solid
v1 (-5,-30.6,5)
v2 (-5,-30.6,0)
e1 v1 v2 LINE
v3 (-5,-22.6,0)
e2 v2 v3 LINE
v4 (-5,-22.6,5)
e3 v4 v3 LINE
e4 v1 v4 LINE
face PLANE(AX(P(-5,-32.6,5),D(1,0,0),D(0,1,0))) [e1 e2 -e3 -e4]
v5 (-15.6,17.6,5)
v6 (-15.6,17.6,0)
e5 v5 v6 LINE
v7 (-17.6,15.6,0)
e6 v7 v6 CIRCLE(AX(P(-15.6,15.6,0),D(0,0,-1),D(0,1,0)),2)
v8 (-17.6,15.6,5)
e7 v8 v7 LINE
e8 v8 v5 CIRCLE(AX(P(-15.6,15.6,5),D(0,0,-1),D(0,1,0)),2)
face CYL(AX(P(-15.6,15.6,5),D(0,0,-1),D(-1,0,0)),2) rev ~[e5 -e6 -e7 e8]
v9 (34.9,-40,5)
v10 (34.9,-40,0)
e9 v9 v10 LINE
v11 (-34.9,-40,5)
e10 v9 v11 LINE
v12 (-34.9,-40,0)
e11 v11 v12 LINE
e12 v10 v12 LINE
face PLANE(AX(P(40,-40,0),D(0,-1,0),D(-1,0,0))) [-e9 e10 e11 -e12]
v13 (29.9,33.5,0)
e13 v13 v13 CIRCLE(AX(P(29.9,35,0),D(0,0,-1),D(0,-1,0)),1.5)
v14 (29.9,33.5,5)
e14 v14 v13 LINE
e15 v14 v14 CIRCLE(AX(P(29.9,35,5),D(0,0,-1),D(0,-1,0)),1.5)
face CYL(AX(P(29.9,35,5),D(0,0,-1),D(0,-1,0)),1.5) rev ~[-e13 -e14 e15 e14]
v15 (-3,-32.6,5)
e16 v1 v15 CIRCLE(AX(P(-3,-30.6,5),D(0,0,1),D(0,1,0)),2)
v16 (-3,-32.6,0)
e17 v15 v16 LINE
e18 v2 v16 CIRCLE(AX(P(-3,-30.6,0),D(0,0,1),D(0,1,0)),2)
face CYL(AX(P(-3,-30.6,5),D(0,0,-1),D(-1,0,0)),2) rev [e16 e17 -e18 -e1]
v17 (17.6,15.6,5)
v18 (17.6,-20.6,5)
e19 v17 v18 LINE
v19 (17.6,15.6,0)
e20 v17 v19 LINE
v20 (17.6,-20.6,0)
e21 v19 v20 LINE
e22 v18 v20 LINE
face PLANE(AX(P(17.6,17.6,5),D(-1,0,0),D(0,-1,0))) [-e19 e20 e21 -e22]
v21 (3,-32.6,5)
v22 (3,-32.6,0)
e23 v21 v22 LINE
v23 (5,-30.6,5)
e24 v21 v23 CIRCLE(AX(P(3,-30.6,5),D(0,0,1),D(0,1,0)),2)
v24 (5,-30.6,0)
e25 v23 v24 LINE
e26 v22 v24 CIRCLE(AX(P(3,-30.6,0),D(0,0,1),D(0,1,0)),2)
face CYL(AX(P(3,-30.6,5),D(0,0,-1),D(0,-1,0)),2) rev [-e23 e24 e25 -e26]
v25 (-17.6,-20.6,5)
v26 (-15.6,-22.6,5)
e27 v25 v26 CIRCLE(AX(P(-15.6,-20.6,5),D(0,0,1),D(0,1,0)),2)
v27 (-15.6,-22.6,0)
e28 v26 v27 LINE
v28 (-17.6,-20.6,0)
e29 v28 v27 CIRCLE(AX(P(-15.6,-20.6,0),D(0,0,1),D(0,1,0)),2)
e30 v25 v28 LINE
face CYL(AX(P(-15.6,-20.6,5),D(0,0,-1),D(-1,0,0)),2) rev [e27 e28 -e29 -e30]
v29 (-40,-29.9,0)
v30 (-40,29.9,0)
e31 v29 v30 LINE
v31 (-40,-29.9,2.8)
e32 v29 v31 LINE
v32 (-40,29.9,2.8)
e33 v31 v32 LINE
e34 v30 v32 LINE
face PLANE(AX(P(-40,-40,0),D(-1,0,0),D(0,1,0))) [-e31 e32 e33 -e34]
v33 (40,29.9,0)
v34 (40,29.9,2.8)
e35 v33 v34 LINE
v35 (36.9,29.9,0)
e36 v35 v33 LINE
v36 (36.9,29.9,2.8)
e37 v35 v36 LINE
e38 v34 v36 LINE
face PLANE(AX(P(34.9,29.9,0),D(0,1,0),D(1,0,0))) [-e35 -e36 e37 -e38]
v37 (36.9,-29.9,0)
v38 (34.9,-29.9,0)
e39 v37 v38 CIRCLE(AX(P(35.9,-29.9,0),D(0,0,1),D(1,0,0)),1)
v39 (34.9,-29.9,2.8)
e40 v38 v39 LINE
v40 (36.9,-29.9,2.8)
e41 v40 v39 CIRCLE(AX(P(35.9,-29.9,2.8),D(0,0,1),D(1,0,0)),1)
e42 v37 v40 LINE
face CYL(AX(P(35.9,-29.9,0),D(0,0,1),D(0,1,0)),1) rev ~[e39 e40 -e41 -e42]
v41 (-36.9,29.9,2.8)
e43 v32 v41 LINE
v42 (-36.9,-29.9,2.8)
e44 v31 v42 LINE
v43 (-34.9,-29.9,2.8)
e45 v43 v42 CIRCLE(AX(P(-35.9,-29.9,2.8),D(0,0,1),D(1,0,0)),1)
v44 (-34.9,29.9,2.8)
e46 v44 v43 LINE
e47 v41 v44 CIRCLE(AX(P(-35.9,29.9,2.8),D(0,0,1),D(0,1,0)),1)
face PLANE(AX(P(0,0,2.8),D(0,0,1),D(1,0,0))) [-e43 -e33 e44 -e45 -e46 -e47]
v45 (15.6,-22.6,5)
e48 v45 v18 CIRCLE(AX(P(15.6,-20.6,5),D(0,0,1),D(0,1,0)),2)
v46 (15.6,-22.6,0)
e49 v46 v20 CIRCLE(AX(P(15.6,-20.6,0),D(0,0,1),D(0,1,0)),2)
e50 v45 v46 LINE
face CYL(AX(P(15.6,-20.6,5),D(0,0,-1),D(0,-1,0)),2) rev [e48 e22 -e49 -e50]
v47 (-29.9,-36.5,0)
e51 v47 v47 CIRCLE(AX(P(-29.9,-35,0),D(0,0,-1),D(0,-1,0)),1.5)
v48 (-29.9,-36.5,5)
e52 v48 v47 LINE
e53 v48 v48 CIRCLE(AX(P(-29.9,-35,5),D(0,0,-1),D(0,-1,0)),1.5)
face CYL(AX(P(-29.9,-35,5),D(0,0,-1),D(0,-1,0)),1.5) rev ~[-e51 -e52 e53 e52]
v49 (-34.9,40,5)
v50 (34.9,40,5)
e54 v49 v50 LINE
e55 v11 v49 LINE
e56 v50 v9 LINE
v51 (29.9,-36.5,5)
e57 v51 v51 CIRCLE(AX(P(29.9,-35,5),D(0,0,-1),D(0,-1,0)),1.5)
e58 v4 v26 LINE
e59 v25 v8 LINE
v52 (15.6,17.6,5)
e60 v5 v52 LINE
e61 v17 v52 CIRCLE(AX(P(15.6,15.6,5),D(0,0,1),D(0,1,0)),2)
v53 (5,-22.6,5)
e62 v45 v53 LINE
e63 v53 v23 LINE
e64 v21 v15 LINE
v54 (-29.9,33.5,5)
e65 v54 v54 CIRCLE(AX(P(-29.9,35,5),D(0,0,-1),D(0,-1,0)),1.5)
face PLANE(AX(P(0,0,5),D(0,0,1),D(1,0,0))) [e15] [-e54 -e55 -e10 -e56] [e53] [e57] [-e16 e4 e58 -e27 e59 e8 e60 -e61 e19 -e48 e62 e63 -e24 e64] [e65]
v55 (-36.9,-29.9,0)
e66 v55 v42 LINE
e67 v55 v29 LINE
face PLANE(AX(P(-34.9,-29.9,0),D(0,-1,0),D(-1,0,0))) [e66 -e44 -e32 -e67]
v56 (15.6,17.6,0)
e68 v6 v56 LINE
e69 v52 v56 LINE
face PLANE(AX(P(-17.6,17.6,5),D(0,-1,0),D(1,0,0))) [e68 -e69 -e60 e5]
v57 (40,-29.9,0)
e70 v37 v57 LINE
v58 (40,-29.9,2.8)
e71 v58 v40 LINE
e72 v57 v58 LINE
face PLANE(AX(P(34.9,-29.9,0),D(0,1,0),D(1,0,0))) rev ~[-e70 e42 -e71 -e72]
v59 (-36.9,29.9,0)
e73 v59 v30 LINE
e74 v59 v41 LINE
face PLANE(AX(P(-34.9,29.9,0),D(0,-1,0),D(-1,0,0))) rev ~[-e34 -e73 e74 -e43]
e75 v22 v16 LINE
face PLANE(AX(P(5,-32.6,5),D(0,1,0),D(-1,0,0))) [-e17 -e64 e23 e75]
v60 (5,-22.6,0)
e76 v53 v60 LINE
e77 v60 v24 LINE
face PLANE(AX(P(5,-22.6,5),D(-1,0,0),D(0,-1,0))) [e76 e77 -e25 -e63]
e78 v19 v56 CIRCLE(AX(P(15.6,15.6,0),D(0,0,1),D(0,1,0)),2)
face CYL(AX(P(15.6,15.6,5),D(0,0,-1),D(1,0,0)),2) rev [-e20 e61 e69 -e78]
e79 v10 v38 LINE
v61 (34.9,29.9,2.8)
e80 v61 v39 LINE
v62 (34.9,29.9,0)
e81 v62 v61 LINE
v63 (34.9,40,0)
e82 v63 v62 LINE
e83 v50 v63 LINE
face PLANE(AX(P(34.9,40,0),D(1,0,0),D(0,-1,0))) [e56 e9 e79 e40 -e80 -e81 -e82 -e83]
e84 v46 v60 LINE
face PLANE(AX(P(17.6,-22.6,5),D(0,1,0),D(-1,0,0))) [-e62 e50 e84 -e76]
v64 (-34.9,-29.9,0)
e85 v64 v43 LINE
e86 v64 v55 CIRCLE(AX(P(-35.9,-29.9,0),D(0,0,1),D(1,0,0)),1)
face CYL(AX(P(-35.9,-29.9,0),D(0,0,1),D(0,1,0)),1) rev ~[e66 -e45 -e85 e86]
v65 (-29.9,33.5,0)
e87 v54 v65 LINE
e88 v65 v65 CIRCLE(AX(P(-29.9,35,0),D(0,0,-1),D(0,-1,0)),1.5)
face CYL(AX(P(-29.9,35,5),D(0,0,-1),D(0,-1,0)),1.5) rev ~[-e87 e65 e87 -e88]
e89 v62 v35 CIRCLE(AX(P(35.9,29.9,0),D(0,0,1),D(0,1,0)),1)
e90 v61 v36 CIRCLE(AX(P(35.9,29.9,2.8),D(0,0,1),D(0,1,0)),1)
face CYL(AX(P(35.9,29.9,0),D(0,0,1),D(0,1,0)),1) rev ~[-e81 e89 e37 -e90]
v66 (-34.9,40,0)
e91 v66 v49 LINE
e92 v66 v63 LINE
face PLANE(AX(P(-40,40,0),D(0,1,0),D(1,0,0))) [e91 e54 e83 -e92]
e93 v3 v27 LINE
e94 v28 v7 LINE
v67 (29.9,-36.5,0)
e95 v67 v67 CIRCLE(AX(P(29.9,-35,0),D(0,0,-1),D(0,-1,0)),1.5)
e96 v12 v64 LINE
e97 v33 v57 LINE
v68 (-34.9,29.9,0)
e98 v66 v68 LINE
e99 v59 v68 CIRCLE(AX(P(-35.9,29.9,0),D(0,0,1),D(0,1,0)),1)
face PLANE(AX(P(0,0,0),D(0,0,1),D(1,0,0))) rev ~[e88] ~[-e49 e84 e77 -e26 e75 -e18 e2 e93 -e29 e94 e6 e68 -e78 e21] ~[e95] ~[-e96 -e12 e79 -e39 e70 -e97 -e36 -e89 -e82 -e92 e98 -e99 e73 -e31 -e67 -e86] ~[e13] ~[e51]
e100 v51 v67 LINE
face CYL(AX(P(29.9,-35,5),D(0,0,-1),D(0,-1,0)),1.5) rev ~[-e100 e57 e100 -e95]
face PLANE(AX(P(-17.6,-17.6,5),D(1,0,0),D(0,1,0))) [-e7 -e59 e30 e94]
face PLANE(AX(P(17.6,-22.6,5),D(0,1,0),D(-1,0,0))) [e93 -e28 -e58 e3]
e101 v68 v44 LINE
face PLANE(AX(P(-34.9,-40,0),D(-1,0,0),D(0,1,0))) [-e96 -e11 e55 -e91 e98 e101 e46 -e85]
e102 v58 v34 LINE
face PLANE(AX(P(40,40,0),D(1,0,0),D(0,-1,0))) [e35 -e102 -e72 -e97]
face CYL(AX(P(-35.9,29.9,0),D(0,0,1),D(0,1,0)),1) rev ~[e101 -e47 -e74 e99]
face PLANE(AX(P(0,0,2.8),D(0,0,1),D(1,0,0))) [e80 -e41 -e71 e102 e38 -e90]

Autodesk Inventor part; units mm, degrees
ref_plane "YZ Plane" through (0, 0, 0) normal (1, 0, 0) x (0, 1, 0)
ref_plane "XZ Plane" through (0, 0, 0) normal (0, 1, 0) x (-1, 0, 0)
ref_plane "XY Plane" through (0, 0, 0) normal (0, 0, 1) x (1, 0, 0)
sketch "スケッチ1" plane through (0, 0, 0) normal (0, 0, 1) x (1, 0, 0)
  circle A0 centre (0, 0) radius 27.6
  line L0 (-40, 40) -> (40, 40)
  line L1 (40, 40) -> (40, -40)
  line L2 (40, -40) -> (-40, -40)
  line L3 (-40, -40) -> (-40, 40)
  dimension "d0" = 55.2
  dimension "d1" = 40
  dimension "d2" = 80
  dimension "d3" = 80
  dimension "d4" = 40
extrude "押し出し1" add sketch "スケッチ1" along normal blind 5 contours A0 | L0 L1 L2 L3
sketch "スケッチ3" plane through (0, 0, 5) normal (0, 0, 1) x (1, 0, 0)
  line L0 (40, -40) -> (-40, -40) projected
  line L1 (-40, 40) -> (-34.9, 40)
  line L2 (-34.9, 40) -> (-34.9, -40)
  line L3 (-34.9, -40) -> (-40, -40)
  line L4 (-40, -40) -> (-40, 40)
  line L5 (40, 40) -> (34.9, 40)
  line L6 (34.9, 40) -> (34.9, -40)
  line L7 (34.9, -40) -> (40, -40)
  line L8 (40, -40) -> (40, 40)
  dimension "d17" = 5.1
  dimension "d18" = 5.1
extrude "押し出し3" cut sketch "スケッチ3" against normal blind 2.2
sketch "スケッチ4" plane through (0, 0, 0) normal (0, 0, -1) x (-1, 0, 0)
  line L0 (-40, 40) -> (-34.9, 40)
  line L1 (-34.9, 40) -> (-34.9, 29.9)
  line L2 (-34.9, 29.9) -> (-40, 29.9)
  line L3 (-40, 29.9) -> (-40, 40)
  line L4 (-40, -40) -> (-34.9, -40)
  line L5 (-34.9, -40) -> (-34.9, -29.9)
  line L6 (-34.9, -29.9) -> (-40, -29.9)
  line L7 (-40, -29.9) -> (-40, -40)
  line L8 (40, 40) -> (34.9, 40)
  line L9 (34.9, 40) -> (34.9, 29.9)
  line L10 (34.9, 29.9) -> (40, 29.9)
  line L11 (40, 29.9) -> (40, 40)
  line L12 (40, -40) -> (34.9, -40)
  line L13 (34.9, -40) -> (34.9, -29.9)
  line L14 (34.9, -29.9) -> (40, -29.9)
  line L15 (40, -29.9) -> (40, -40)
  dimension "d21" = 5.1
  dimension "d22" = 10.1
  dimension "d23" = 10.1
  dimension "d24" = 10.1
  dimension "d25" = 5.1
  dimension "d26" = 5.1
  dimension "d27" = 5.1
  dimension "d28" = 10.1
extrude "押し出し4" cut sketch "スケッチ4" against normal through all
sketch "スケッチ5" plane through (0, 0, 0) normal (0, 0, -1) x (-1, 0, 0)
  line L0 (-40, -29.9) -> (-34.9, -29.9) projected
  line L1 (-34.9, -29.9) -> (-34.9, -40) projected
  line L2 (34.9, -40) -> (34.9, -29.9) projected
  line L3 (34.9, -29.9) -> (40, -29.9) projected
  line L4 (40, 29.9) -> (34.9, 29.9) projected
  line L5 (34.9, 29.9) -> (34.9, 40) projected
  line L6 (-34.9, 40) -> (-34.9, 29.9) projected
  line L7 (-34.9, 29.9) -> (-40, 29.9) projected
  point P0 (-35.9, 29.9)
  point P1 (-35.9, -29.9)
  point P2 (35.9, -29.9)
  point P3 (35.9, 29.9)
  dimension "d31" = 1
  dimension "d32" = 1
  dimension "d33" = 1
  dimension "d34" = 1
hole "Hole1" at (35.9, 29.9, 0) at (35.9, -29.9, 0) at (-35.9, -29.9, 0) at (-35.9, 29.9, 0) direction (0, 0, 1) diameter 2 end through all
sketch "スケッチ6" plane through (0, 0, 5) normal (0, 0, 1) x (1, 0, 0)
  line L0 (-17.6, 17.6) -> (17.6, 17.6)
  line L1 (17.6, 17.6) -> (17.6, -17.6)
  line L2 (17.6, -17.6) -> (-17.6, -17.6)
  line L3 (-17.6, -17.6) -> (-17.6, 17.6)
  line L4 (-17.6, -17.6) -> (17.6, -17.6)
  line L5 (17.6, -17.6) -> (17.6, -22.6)
  line L6 (17.6, -22.6) -> (-17.6, -22.6)
  line L7 (-17.6, -22.6) -> (-17.6, -17.6)
  point P0 (0, 0)
  dimension "d42" = 35.2
  dimension "d43" = 35.2
  dimension "d44" = 17.6
  dimension "d45" = 17.6
  dimension "d46" = 5
extrude "押し出し5" cut sketch "スケッチ6" against normal through all
fillet "フィレット1" radius 2 4 edges at (-17.6, 17.6, 2.5) (-17.6, -22.6, 2.5) (17.6, -22.6, 2.5) (17.6, 17.6, 2.5)
sketch "スケッチ7" plane through (0, 0, 5) normal (0, 0, 1) x (1, 0, 0)
  line L0 (-34.9, 40) -> (-34.9, -40) projected
  line L1 (34.9, -40) -> (-34.9, -40) projected
  line L2 (34.9, -40) -> (34.9, 40) projected
  line L3 (-34.9, 40) -> (34.9, 40) projected
  point P0 (0, 0)
  point P1 (-29.9, 35)
  point P2 (-29.9, -35)
  point P3 (29.9, -35)
  point P4 (29.9, 35)
  dimension "d50" = 5
  dimension "d51" = 5
  dimension "d52" = 5
  dimension "d53" = 5
  dimension "d54" = 5
  dimension "d55" = 5
  dimension "d56" = 5
  dimension "d57" = 5
hole "Hole2" at (-29.9, 35, 5) at (-29.9, -35, 5) at (29.9, -35, 5) at (29.9, 35, 5) direction (0, 0, -1) diameter 3 end through all
sketch "スケッチ8" plane through (0, 0, 5) normal (0, 0, 1) x (1, 0, 0)
  line L0 (15.6, -22.6) -> (-15.6, -22.6) projected
  line L1 (-5, -22.6) -> (5, -22.6)
  line L2 (5, -22.6) -> (5, -32.6)
  line L3 (5, -32.6) -> (-5, -32.6)
  line L4 (-5, -32.6) -> (-5, -22.6)
  point P0 (0, 0)
  dimension "d65" = 10
  dimension "d66" = 5
  dimension "d67" = 10
extrude "押し出し6" cut sketch "スケッチ8" against normal through all
fillet "フィレット2" radius 2 2 edges at (-5, -32.6, 2.5) (5, -32.6, 2.5)
equation "\"d1\" = 0.5 * d2"
equation "\"d3\" = d2"
equation "\"d4\" = d1"
equation "\"d18\" = d17"
equation "\"d23\" = d22"
equation "\"d25\" = d21"
equation "\"d26\" = d21"
equation "\"d27\" = d21"
equation "\"d28\" = d22"
equation "\"d32\" = d31"
equation "\"d33\" = d31"
equation "\"d34\" = d31"
equation "\"d44\" = 0.5 * d42"
equation "\"d45\" = d44"
equation "\"d51\" = d50"
equation "\"d52\" = d50"
equation "\"d53\" = d50"
equation "\"d54\" = d50"
equation "\"d55\" = d50"
equation "\"d56\" = d50"
equation "\"d57\" = d50"
equation "\"d66\" = 0.5 * d65"
properties part number "JointA1"
